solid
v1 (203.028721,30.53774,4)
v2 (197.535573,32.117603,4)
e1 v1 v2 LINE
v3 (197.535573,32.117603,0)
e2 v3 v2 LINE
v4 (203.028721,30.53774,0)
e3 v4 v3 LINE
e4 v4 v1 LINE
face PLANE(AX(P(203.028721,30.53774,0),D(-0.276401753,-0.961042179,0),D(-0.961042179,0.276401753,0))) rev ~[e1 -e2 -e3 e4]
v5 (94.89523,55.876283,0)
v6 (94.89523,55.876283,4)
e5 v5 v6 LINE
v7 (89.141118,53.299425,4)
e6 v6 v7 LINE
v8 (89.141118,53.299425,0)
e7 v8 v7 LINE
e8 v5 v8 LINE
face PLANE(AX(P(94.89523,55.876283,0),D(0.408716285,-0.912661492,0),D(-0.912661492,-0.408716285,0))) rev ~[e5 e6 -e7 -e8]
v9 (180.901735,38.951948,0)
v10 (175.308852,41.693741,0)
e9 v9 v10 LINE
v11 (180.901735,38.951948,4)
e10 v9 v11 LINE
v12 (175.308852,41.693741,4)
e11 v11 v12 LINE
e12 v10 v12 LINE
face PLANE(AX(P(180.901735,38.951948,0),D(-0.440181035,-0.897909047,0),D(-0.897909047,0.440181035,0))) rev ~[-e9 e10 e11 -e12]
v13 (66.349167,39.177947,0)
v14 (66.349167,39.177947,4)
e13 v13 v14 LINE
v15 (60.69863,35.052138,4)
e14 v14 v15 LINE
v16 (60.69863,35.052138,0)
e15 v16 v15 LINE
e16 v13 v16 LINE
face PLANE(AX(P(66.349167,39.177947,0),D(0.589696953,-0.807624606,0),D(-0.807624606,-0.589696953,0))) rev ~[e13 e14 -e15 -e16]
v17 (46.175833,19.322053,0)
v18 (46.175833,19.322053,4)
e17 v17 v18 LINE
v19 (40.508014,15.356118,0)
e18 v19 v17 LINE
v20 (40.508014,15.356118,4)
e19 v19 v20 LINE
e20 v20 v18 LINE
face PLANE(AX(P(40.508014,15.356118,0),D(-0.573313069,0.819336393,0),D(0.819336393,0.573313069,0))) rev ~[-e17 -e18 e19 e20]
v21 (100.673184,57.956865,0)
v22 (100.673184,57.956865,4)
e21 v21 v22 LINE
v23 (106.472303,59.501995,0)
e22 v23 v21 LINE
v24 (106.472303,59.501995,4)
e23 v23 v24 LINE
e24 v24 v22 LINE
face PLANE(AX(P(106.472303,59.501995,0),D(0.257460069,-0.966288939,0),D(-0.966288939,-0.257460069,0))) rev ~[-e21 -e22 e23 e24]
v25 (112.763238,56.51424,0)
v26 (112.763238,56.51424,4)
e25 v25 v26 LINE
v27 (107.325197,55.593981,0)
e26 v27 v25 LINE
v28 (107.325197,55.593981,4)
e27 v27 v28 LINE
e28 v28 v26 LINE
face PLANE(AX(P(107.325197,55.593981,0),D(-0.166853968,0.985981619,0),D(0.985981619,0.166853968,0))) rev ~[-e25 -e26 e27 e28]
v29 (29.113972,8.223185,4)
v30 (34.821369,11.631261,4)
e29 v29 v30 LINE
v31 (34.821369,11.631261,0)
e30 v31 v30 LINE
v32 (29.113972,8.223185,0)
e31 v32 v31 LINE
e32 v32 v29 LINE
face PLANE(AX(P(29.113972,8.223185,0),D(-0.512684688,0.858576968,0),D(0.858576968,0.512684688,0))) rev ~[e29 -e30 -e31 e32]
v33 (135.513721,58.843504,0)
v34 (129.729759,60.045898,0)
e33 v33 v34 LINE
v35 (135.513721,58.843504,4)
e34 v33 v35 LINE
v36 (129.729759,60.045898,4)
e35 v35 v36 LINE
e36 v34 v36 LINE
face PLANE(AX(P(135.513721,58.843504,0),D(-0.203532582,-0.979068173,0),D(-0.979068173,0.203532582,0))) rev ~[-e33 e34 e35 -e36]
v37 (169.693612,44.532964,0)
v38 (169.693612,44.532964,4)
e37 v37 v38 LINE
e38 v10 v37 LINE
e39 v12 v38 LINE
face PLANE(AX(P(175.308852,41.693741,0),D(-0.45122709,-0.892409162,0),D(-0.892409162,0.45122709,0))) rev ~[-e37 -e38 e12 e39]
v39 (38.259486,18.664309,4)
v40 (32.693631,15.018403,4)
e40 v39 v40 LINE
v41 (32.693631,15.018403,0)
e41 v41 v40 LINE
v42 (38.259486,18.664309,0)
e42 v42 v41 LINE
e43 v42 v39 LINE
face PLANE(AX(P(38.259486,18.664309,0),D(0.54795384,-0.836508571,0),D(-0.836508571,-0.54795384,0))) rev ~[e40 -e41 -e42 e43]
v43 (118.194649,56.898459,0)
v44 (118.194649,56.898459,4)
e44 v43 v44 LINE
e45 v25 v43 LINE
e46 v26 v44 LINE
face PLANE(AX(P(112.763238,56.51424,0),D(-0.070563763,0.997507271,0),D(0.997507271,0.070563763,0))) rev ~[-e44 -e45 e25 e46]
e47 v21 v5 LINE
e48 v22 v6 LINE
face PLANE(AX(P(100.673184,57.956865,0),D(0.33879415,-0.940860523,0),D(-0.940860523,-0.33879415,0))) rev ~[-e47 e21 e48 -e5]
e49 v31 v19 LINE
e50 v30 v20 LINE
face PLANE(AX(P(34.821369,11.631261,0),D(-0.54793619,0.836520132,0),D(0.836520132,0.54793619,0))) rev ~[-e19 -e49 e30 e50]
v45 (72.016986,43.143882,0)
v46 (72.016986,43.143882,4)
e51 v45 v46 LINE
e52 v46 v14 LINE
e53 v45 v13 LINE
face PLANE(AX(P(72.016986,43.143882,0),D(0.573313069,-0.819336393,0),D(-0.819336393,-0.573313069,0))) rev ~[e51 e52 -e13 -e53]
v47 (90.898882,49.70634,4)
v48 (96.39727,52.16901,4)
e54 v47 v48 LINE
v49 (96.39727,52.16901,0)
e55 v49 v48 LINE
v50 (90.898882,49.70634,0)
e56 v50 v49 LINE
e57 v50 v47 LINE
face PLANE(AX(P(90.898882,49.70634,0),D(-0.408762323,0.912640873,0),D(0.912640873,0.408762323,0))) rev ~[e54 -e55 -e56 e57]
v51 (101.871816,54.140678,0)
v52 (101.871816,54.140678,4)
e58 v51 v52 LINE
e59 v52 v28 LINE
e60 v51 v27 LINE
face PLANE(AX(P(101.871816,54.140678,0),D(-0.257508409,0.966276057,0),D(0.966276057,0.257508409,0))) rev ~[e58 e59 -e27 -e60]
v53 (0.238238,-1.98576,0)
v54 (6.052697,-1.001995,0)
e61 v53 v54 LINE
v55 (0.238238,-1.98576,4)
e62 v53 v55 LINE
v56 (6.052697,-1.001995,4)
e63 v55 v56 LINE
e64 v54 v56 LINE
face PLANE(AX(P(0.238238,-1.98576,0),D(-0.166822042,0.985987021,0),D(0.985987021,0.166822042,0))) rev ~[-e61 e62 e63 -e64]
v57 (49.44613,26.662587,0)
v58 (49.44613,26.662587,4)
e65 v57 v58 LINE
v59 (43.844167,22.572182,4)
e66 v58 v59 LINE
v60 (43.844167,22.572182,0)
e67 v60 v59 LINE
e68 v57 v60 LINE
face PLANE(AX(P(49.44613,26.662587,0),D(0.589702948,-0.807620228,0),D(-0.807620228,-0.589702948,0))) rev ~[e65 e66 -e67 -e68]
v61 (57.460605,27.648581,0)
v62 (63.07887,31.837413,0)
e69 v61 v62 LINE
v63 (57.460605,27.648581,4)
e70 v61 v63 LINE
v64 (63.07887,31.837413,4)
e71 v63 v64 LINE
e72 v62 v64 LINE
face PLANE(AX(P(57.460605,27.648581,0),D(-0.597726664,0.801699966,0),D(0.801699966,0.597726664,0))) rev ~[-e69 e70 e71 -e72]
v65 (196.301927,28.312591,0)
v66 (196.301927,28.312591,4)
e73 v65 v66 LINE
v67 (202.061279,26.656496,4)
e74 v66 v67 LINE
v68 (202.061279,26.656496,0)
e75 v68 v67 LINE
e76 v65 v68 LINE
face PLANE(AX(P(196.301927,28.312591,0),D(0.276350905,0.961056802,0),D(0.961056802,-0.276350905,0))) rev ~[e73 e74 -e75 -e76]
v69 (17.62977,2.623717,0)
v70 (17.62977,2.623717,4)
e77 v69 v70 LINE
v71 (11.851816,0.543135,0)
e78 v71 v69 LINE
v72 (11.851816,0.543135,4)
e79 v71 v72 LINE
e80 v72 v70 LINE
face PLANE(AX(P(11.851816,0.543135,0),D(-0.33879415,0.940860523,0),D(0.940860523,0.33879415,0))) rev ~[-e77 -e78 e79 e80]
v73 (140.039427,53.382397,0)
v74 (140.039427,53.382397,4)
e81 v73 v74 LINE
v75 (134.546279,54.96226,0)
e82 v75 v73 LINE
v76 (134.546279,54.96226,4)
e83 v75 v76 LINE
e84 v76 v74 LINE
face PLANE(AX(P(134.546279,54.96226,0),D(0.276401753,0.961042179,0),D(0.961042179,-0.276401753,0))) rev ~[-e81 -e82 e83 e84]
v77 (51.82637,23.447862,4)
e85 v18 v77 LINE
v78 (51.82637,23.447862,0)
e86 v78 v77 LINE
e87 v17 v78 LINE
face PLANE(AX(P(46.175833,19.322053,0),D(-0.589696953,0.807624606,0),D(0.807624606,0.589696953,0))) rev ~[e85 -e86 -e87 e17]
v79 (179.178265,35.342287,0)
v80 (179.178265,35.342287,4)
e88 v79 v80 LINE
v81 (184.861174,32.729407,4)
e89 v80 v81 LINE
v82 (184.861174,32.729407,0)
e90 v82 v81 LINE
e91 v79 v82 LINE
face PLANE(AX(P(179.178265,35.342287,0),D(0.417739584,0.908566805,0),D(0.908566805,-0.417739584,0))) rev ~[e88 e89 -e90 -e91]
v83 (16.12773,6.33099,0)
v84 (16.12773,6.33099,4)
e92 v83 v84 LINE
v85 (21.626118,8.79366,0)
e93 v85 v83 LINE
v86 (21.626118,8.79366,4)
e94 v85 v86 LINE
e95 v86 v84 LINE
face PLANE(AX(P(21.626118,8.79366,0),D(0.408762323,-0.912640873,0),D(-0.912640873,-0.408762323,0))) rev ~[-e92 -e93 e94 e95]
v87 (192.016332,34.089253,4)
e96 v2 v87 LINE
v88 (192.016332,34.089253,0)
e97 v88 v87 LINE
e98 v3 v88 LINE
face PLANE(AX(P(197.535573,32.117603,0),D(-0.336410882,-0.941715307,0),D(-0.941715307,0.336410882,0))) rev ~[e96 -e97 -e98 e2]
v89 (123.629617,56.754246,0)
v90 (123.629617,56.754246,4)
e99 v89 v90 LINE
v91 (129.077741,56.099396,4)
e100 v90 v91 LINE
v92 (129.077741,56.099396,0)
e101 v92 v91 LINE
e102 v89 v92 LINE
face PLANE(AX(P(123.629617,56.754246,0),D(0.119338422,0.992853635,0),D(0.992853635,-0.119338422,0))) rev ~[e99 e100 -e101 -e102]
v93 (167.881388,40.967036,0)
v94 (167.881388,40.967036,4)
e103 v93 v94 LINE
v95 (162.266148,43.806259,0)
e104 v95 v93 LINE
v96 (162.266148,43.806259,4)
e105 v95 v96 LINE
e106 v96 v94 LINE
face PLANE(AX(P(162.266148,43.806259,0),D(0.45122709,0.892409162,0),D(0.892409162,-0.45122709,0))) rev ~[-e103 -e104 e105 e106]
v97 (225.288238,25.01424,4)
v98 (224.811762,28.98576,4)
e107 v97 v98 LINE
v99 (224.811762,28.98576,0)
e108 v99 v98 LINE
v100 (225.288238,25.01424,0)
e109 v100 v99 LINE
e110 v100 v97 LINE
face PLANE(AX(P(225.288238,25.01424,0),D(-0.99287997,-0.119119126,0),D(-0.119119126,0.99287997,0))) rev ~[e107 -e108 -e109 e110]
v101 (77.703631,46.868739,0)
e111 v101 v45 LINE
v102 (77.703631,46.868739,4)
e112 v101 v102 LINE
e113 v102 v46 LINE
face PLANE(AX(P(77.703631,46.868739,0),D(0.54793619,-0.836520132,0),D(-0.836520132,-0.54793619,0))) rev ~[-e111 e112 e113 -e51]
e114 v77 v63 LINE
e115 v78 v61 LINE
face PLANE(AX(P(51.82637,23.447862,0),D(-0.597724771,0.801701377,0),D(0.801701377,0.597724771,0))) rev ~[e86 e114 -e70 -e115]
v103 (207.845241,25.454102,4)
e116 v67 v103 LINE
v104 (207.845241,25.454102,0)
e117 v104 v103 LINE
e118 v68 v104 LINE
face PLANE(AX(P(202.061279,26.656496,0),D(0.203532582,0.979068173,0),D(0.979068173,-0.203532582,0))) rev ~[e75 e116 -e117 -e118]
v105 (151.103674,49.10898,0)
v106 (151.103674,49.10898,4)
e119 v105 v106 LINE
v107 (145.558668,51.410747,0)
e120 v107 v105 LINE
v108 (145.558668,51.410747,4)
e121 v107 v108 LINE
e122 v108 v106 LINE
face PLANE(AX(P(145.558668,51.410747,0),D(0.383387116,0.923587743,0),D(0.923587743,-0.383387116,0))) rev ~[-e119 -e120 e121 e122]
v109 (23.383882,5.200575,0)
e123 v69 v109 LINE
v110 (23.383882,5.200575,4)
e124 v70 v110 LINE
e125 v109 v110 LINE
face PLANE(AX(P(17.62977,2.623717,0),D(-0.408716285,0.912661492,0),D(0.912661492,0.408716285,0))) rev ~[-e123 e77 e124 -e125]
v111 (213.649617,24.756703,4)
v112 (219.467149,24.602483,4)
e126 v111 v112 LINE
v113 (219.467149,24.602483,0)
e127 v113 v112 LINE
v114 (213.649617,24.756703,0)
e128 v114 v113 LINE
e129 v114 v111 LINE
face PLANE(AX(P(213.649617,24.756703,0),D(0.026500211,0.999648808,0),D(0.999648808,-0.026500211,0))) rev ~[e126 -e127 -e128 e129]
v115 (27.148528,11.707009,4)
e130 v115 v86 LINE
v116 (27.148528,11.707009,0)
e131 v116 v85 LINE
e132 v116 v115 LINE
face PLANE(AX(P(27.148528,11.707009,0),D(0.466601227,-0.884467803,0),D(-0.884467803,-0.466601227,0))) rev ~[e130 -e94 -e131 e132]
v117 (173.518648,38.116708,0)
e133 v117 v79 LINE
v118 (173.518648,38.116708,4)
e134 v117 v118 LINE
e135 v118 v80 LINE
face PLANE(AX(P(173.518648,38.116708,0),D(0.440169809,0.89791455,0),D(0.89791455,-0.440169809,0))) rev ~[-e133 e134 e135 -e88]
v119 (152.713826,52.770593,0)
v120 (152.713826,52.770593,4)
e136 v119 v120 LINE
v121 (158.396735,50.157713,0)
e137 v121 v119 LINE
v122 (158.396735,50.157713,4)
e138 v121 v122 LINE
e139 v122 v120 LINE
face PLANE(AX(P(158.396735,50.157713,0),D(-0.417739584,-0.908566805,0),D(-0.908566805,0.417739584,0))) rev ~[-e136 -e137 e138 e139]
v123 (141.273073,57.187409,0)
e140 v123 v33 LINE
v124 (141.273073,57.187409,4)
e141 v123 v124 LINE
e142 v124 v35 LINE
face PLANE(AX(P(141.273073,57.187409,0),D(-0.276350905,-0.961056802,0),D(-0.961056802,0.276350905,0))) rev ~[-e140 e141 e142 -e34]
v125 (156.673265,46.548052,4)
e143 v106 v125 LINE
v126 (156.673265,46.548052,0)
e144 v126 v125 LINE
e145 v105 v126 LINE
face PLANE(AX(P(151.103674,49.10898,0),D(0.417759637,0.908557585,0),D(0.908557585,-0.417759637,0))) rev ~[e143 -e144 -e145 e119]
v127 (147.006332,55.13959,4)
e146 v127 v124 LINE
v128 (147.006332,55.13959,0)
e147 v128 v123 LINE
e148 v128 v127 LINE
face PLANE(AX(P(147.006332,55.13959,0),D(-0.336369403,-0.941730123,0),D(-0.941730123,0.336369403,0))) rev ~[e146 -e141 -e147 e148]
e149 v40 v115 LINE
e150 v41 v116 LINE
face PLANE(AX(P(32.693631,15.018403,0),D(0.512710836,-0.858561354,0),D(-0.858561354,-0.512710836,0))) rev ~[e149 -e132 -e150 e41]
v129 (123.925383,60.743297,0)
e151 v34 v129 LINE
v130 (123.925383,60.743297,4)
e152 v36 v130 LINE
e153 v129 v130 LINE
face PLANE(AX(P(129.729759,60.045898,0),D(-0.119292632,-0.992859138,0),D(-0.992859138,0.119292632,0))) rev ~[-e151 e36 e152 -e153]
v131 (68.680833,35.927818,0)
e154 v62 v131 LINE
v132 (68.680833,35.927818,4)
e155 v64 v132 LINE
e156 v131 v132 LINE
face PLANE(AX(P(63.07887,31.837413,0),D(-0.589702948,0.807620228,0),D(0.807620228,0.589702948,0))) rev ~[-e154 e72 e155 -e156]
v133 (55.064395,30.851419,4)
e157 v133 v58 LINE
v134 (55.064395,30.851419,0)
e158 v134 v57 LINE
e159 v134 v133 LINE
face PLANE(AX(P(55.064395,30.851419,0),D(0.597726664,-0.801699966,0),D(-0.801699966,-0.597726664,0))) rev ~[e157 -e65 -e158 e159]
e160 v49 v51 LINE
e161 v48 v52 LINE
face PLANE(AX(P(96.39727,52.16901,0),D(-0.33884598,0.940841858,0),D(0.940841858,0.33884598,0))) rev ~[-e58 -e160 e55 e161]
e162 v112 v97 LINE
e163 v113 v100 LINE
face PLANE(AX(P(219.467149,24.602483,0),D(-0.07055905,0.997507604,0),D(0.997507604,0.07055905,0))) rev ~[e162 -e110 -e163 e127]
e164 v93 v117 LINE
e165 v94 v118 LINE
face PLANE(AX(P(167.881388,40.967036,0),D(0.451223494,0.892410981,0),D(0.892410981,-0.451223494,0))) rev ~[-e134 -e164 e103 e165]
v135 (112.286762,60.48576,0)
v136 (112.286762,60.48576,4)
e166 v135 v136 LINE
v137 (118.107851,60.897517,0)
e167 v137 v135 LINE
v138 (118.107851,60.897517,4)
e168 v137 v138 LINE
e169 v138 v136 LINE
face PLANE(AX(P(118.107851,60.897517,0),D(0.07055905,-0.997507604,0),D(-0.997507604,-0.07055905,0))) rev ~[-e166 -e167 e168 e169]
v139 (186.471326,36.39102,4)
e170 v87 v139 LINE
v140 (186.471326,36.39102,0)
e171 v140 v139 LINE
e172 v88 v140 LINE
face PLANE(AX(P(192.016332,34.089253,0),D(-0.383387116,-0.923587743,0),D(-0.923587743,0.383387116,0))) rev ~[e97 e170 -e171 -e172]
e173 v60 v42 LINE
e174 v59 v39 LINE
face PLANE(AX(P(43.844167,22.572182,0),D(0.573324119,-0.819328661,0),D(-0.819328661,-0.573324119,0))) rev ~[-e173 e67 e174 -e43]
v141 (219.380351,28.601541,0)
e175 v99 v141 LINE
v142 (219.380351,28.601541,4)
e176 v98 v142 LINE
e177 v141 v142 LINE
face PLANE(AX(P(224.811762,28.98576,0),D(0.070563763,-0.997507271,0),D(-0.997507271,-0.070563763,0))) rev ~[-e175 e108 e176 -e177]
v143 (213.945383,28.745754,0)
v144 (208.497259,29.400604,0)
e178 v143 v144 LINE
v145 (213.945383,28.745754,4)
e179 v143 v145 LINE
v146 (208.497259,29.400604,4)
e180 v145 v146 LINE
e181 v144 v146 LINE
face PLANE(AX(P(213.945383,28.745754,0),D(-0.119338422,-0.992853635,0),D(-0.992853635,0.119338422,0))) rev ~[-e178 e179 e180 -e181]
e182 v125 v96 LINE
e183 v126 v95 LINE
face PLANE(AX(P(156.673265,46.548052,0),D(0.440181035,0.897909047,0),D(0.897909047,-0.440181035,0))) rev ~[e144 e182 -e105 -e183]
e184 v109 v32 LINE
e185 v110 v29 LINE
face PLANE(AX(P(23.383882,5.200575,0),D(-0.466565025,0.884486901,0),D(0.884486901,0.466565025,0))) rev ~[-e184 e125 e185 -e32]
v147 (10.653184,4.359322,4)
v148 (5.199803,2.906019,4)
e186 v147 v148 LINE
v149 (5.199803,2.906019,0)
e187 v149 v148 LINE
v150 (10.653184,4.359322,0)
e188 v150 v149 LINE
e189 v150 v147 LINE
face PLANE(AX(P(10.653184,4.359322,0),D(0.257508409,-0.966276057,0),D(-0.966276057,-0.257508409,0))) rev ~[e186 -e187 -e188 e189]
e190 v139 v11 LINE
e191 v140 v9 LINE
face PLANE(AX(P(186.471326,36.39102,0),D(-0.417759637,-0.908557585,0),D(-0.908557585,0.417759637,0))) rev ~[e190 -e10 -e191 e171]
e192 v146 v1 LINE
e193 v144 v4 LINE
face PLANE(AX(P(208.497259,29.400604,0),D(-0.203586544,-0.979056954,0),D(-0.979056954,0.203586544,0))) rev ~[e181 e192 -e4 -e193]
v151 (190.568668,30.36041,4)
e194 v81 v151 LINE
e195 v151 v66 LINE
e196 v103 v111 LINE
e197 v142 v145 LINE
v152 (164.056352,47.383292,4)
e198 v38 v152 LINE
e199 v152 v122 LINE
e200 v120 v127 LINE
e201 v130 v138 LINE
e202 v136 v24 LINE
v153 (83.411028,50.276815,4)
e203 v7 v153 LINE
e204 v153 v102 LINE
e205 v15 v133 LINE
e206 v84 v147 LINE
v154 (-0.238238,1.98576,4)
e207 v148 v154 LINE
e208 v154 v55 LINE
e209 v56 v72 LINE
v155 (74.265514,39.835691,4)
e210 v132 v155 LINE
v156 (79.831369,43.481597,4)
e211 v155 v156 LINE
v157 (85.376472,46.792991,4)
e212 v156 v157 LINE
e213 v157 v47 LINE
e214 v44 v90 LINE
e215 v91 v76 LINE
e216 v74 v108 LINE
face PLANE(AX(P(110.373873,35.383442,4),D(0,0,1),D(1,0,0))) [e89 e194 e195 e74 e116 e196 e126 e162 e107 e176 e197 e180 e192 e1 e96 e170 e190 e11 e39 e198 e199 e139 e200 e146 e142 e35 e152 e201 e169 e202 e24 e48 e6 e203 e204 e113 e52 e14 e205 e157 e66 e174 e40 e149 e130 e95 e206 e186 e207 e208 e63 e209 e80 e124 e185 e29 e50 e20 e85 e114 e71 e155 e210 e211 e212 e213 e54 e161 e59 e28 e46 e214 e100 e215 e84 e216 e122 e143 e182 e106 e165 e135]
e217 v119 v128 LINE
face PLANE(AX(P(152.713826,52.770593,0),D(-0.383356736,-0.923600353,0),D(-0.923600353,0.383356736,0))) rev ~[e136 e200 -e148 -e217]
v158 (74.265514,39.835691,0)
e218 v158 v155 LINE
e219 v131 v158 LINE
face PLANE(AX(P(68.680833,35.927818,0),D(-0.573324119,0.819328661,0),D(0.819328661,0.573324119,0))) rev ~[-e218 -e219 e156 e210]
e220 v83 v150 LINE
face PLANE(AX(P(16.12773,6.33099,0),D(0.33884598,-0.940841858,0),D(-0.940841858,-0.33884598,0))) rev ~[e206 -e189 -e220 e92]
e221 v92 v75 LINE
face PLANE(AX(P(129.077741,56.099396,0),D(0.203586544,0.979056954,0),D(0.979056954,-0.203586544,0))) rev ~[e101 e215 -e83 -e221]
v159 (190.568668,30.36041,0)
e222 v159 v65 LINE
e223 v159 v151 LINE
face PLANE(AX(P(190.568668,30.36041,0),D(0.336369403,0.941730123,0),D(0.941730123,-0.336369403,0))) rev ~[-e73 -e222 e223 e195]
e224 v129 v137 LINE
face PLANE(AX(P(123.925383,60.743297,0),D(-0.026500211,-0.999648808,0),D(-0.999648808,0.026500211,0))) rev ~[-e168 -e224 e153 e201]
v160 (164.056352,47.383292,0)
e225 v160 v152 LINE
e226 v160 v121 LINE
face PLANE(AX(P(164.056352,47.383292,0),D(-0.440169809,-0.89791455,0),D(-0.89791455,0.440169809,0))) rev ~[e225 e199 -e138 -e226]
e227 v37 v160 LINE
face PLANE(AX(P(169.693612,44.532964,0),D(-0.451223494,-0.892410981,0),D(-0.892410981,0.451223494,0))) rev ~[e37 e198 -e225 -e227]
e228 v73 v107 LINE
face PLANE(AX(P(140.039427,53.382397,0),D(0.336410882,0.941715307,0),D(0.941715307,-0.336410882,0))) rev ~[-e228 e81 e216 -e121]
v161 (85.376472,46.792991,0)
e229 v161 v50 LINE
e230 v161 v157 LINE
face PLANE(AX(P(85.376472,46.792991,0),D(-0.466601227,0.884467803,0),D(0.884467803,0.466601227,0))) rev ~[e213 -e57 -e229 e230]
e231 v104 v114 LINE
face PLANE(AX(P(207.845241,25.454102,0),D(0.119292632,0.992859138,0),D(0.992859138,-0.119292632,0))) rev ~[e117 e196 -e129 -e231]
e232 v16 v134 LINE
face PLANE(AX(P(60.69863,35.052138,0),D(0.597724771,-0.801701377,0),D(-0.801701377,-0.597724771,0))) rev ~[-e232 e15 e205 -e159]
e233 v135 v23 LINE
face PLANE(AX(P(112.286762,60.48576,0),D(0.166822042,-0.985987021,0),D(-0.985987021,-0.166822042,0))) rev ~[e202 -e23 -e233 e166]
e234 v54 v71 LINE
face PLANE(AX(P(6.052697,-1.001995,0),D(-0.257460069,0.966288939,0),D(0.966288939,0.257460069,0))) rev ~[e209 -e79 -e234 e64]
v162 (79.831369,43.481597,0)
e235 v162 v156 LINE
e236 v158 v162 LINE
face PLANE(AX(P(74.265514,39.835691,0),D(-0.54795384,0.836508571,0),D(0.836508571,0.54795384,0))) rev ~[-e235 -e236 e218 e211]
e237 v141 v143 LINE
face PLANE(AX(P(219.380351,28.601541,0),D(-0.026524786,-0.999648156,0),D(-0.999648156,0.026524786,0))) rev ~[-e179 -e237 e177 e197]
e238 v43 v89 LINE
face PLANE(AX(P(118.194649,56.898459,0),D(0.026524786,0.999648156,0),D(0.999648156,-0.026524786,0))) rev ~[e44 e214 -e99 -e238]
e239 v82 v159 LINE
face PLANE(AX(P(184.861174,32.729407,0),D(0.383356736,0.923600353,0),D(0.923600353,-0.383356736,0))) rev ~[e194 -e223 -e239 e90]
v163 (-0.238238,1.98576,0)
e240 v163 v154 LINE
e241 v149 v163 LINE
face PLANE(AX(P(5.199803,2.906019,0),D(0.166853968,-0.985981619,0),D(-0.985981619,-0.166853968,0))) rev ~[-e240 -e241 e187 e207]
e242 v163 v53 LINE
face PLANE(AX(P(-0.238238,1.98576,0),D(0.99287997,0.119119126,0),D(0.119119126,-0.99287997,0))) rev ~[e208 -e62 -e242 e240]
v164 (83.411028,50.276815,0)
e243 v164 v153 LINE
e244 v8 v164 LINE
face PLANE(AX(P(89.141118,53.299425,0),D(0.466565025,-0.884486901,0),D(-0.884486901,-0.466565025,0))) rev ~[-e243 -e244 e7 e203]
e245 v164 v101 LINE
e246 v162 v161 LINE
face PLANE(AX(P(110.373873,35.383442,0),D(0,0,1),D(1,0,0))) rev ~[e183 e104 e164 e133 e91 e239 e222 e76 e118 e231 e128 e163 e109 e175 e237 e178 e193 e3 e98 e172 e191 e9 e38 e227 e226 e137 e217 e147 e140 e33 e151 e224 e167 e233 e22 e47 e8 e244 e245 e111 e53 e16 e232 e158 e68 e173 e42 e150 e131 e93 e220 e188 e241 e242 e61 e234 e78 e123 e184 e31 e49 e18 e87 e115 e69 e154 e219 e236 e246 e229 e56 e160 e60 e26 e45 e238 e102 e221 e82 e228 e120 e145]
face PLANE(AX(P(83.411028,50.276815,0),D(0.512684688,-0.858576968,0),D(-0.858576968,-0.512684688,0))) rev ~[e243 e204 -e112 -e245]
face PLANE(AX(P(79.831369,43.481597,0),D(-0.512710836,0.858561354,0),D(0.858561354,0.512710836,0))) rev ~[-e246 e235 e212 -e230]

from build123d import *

# Parameters (mm, degrees)
SERVICE_BOW_DEPTH = 4


with BuildPart() as part:
    # 草图1 → Service_Bow (new body)
    with BuildSketch(Plane.XY):
        Polygon((0.238238251, -1.985759939), (6.052696728, -1.00199462), (11.851815581, 0.543134876), (17.629770487, 2.623716718), (23.383882437, 5.20057493), (29.113972134, 8.223185483), (34.821368817, 11.631260703), (40.508013578, 15.356118412), (46.175832601, 19.322053213), (51.826370472, 23.44786233), (57.46060541, 27.648580809), (63.078870472, 31.837413257), (68.680832601, 35.92781796), (74.265513578, 39.8356909), (79.831368817, 43.481597056), (85.376472134, 46.792990637), (90.898882437, 49.706339676), (96.397270487, 52.169010306), (101.871815581, 54.140678109), (107.325196728, 55.593980706), (112.763238251, 56.514240061), (118.194648786, 56.898458582), (123.629616677, 56.754246479), (129.077741493, 56.099396062), (134.546278673, 54.962260391), (140.039426657, 53.382396607), (145.558668032, 51.410746743), (151.103674368, 49.108979529), (156.673265064, 46.548051938), (162.266147999, 43.806258645), (167.881387728, 40.967036021), (173.518647999, 38.116707719), (179.178265064, 35.342287191), (184.861174368, 32.729407041), (190.568668032, 30.36041039), (196.301926657, 28.312591454), (202.061278673, 26.656495644), (207.845241493, 25.454102473), (213.649616677, 24.756703246), (219.467148786, 24.602483256), (225.288238251, 25.014240061), (224.811761749, 28.985759939), (219.380351214, 28.601541418), (213.945383323, 28.745753521), (208.497258507, 29.400603938), (203.028721327, 30.537739609), (197.535573343, 32.117603393), (192.016331968, 34.089253257), (186.471325632, 36.391020471), (180.901734936, 38.951948062), (175.308852001, 41.693741355), (169.693612272, 44.532963979), (164.056352001, 47.383292281), (158.396734936, 50.157712809), (152.713825632, 52.770592959), (147.006331968, 55.13958961), (141.273073343, 57.187408546), (135.513721327, 58.843504356), (129.729758507, 60.045897527), (123.925383323, 60.743296754), (118.107851214, 60.897516744), (112.286761749, 60.485759939), (106.472303272, 59.50199462), (100.673184419, 57.956865124), (94.895229513, 55.876283282), (89.141117563, 53.29942507), (83.411027866, 50.276814517), (77.703631183, 46.868739297), (72.016986422, 43.143881588), (66.349167399, 39.177946787), (60.698629528, 35.05213767), (55.06439459, 30.851419191), (49.446129528, 26.662586743), (43.844167399, 22.57218204), (38.259486422, 18.6643091), (32.693631183, 15.018402944), (27.148527866, 11.707009363), (21.626117563, 8.793660324), (16.127729513, 6.330989694), (10.653184419, 4.359321891), (5.199803272, 2.906019294), (-0.238238251, 1.985759939), align=None)
    extrude(amount=SERVICE_BOW_DEPTH)


solid = part.part
